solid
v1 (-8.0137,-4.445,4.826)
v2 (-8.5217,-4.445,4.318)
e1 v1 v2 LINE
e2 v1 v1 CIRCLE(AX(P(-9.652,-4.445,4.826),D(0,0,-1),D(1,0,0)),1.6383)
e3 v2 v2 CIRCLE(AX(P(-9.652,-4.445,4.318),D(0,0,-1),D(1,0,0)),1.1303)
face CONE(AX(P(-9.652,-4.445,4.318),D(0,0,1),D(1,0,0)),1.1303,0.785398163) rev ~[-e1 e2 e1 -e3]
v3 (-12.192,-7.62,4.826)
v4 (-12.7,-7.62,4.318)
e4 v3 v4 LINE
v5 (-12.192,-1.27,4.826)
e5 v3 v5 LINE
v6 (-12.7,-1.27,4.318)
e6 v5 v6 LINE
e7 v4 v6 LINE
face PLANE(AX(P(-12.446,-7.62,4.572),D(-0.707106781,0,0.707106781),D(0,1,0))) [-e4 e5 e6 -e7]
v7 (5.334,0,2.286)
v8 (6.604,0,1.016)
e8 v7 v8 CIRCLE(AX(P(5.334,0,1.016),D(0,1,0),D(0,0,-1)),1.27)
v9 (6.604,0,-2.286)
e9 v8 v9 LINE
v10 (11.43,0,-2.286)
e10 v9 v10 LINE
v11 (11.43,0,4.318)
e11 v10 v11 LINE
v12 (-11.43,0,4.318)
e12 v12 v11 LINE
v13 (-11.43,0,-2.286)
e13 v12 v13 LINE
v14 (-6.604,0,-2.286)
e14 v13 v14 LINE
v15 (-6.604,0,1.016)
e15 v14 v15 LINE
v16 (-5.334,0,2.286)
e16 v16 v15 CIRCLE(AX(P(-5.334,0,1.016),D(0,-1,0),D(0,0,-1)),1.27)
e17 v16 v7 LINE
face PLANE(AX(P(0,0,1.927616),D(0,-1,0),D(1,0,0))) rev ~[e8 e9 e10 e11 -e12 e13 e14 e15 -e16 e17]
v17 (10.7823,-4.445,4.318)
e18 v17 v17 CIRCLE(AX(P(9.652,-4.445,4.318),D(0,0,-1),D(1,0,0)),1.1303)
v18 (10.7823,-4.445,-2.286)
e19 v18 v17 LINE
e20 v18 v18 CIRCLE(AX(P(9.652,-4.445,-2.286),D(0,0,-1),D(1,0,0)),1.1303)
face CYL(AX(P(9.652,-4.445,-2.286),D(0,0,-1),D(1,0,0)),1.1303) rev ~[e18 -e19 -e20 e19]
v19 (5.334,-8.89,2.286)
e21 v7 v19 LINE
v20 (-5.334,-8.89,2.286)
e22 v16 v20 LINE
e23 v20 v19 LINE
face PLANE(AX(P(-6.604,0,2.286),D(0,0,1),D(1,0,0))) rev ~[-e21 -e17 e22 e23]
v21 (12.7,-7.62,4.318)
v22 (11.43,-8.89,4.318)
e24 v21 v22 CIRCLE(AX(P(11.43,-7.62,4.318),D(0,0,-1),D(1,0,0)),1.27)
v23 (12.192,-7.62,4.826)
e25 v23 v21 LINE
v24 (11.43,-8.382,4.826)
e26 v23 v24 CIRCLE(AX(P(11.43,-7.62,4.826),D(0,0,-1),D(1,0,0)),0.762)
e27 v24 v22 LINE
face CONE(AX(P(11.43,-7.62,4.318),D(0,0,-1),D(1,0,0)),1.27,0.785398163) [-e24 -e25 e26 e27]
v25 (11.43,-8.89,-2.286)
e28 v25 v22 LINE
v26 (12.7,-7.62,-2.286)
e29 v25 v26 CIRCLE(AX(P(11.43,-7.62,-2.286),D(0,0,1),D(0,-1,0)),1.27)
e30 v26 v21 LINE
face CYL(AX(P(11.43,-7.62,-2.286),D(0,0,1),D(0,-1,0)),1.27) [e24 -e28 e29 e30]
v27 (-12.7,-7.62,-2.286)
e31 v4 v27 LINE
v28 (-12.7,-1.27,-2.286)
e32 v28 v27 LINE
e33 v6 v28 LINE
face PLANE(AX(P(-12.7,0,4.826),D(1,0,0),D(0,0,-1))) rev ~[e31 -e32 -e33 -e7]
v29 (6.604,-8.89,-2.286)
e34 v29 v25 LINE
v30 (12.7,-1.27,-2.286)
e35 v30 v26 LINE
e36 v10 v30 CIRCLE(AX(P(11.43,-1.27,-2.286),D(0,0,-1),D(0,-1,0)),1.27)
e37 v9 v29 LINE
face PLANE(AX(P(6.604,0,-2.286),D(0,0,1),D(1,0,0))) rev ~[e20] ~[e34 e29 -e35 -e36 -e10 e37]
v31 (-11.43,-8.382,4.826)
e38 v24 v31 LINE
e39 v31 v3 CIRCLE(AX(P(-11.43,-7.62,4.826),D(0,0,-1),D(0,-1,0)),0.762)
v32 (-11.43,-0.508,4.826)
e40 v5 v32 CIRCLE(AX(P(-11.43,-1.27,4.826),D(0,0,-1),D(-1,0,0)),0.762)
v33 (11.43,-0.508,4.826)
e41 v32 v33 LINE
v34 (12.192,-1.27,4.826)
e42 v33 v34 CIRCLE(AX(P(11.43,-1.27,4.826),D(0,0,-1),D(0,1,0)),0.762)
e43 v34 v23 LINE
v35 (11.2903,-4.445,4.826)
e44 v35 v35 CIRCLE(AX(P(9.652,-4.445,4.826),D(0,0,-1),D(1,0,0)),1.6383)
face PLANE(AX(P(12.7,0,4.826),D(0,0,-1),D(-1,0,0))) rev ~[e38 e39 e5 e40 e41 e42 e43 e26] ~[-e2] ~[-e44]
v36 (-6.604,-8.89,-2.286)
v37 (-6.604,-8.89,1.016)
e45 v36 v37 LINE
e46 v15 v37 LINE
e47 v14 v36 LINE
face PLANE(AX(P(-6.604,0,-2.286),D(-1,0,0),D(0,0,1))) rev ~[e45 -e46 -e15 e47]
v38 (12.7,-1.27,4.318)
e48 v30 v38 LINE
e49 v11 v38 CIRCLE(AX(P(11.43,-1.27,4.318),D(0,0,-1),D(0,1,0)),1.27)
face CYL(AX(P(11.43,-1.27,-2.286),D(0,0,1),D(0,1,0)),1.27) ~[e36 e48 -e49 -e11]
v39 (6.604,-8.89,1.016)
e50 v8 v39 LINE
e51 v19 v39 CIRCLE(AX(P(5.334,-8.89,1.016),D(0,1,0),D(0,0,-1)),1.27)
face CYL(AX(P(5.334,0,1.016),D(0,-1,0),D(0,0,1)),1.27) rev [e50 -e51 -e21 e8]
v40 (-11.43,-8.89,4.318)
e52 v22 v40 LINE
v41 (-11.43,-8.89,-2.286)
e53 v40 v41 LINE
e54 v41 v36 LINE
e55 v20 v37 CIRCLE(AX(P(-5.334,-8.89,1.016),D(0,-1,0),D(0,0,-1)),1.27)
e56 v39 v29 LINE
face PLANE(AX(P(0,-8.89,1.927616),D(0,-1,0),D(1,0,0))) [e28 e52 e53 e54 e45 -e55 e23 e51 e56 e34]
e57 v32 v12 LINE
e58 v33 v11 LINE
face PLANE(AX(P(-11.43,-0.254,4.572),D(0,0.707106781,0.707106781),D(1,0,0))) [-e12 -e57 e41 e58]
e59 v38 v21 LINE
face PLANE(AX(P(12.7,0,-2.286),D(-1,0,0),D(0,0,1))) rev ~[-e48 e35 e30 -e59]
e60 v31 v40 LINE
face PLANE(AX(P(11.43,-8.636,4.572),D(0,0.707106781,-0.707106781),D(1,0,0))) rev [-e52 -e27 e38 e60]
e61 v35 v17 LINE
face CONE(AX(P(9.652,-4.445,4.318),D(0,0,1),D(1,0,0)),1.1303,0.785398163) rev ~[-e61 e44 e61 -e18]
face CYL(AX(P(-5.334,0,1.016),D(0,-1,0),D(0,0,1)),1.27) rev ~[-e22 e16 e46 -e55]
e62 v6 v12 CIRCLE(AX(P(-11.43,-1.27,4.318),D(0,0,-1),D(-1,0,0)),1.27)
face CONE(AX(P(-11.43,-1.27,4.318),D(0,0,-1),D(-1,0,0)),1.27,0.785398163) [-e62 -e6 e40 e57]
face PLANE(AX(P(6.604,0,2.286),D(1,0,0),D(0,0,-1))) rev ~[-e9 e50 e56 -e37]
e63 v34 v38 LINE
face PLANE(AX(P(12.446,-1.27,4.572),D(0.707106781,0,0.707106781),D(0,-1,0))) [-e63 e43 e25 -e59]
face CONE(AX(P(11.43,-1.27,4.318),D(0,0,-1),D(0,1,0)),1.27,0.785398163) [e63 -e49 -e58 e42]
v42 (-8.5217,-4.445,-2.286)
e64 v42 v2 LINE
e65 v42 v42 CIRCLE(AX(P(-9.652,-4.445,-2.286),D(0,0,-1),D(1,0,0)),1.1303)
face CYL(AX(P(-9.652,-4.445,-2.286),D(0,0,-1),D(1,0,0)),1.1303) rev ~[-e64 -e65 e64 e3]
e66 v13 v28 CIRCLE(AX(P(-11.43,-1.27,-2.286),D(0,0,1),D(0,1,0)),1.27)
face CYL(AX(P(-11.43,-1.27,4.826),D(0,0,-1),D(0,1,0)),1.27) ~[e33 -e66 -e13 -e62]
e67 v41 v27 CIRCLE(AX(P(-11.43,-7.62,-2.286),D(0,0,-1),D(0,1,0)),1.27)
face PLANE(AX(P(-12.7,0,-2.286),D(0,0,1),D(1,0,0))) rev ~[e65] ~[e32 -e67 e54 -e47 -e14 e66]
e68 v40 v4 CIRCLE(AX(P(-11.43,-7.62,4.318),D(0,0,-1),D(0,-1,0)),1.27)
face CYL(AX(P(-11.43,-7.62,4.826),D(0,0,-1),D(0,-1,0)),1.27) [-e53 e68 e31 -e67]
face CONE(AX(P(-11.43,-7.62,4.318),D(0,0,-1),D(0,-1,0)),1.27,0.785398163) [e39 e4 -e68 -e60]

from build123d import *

# Parameters (mm, degrees)
F1_DEPTH = 8.89
F2_R     = 1.1303
F3_DEPTH = 25.4
F4_R     = 1.27
F5_SIZE  = 0.508


with BuildPart() as f1:
    # F0 (on Front) → F1 (new body)
    with BuildSketch(Plane.XZ):
        Polygon((-6.604, 2.286), (6.604, 2.286), (6.604, -2.286), (12.7, -2.286), (12.7, 4.826), (-12.7, 4.826), (-12.7, -2.286), (-6.604, -2.286), align=None)
    extrude(amount=F1_DEPTH)

    # F2 (on face) → F3 (cut)
    with BuildSketch(Plane(origin=(0, 0, -2.286), x_dir=(1, 0, 0), z_dir=(0, 0, -1))):
        with Locations((-9.652, 4.445)):
            Circle(F2_R)
        with Locations((9.652, 4.445)):
            Circle(F2_R)
    extrude(amount=-F3_DEPTH, mode=Mode.SUBTRACT)

    # F4
    f4_edges = [f1.edges().sort_by_distance(p)[0] for p in [
        (-6.604, -4.445, 2.286),
        (6.604, -4.445, 2.286),
        (-12.7, 0, 1.27),
        (-12.7, -8.89, 1.27),
        (12.7, -8.89, 1.27),
        (12.7, 0, 1.27),
    ]]
    fillet(f4_edges, radius=F4_R)

    # F5
    f5_edges = [f1.edges().sort_by_distance(p)[0] for p in [
        (12.7, -4.445, 4.826),
        (12.328026, -0.371974, 4.826),
        (12.328026, -8.518026, 4.826),
        (0, 0, 4.826),
        (0, -8.89, 4.826),
        (-12.328026, -0.371974, 4.826),
        (-12.328026, -8.518026, 4.826),
        (-12.7, -4.445, 4.826),
        (8.5217, -4.445, 4.826),
        (-10.7823, -4.445, 4.826),
    ]]
    chamfer(f5_edges, length=F5_SIZE)


solid = f1.part
